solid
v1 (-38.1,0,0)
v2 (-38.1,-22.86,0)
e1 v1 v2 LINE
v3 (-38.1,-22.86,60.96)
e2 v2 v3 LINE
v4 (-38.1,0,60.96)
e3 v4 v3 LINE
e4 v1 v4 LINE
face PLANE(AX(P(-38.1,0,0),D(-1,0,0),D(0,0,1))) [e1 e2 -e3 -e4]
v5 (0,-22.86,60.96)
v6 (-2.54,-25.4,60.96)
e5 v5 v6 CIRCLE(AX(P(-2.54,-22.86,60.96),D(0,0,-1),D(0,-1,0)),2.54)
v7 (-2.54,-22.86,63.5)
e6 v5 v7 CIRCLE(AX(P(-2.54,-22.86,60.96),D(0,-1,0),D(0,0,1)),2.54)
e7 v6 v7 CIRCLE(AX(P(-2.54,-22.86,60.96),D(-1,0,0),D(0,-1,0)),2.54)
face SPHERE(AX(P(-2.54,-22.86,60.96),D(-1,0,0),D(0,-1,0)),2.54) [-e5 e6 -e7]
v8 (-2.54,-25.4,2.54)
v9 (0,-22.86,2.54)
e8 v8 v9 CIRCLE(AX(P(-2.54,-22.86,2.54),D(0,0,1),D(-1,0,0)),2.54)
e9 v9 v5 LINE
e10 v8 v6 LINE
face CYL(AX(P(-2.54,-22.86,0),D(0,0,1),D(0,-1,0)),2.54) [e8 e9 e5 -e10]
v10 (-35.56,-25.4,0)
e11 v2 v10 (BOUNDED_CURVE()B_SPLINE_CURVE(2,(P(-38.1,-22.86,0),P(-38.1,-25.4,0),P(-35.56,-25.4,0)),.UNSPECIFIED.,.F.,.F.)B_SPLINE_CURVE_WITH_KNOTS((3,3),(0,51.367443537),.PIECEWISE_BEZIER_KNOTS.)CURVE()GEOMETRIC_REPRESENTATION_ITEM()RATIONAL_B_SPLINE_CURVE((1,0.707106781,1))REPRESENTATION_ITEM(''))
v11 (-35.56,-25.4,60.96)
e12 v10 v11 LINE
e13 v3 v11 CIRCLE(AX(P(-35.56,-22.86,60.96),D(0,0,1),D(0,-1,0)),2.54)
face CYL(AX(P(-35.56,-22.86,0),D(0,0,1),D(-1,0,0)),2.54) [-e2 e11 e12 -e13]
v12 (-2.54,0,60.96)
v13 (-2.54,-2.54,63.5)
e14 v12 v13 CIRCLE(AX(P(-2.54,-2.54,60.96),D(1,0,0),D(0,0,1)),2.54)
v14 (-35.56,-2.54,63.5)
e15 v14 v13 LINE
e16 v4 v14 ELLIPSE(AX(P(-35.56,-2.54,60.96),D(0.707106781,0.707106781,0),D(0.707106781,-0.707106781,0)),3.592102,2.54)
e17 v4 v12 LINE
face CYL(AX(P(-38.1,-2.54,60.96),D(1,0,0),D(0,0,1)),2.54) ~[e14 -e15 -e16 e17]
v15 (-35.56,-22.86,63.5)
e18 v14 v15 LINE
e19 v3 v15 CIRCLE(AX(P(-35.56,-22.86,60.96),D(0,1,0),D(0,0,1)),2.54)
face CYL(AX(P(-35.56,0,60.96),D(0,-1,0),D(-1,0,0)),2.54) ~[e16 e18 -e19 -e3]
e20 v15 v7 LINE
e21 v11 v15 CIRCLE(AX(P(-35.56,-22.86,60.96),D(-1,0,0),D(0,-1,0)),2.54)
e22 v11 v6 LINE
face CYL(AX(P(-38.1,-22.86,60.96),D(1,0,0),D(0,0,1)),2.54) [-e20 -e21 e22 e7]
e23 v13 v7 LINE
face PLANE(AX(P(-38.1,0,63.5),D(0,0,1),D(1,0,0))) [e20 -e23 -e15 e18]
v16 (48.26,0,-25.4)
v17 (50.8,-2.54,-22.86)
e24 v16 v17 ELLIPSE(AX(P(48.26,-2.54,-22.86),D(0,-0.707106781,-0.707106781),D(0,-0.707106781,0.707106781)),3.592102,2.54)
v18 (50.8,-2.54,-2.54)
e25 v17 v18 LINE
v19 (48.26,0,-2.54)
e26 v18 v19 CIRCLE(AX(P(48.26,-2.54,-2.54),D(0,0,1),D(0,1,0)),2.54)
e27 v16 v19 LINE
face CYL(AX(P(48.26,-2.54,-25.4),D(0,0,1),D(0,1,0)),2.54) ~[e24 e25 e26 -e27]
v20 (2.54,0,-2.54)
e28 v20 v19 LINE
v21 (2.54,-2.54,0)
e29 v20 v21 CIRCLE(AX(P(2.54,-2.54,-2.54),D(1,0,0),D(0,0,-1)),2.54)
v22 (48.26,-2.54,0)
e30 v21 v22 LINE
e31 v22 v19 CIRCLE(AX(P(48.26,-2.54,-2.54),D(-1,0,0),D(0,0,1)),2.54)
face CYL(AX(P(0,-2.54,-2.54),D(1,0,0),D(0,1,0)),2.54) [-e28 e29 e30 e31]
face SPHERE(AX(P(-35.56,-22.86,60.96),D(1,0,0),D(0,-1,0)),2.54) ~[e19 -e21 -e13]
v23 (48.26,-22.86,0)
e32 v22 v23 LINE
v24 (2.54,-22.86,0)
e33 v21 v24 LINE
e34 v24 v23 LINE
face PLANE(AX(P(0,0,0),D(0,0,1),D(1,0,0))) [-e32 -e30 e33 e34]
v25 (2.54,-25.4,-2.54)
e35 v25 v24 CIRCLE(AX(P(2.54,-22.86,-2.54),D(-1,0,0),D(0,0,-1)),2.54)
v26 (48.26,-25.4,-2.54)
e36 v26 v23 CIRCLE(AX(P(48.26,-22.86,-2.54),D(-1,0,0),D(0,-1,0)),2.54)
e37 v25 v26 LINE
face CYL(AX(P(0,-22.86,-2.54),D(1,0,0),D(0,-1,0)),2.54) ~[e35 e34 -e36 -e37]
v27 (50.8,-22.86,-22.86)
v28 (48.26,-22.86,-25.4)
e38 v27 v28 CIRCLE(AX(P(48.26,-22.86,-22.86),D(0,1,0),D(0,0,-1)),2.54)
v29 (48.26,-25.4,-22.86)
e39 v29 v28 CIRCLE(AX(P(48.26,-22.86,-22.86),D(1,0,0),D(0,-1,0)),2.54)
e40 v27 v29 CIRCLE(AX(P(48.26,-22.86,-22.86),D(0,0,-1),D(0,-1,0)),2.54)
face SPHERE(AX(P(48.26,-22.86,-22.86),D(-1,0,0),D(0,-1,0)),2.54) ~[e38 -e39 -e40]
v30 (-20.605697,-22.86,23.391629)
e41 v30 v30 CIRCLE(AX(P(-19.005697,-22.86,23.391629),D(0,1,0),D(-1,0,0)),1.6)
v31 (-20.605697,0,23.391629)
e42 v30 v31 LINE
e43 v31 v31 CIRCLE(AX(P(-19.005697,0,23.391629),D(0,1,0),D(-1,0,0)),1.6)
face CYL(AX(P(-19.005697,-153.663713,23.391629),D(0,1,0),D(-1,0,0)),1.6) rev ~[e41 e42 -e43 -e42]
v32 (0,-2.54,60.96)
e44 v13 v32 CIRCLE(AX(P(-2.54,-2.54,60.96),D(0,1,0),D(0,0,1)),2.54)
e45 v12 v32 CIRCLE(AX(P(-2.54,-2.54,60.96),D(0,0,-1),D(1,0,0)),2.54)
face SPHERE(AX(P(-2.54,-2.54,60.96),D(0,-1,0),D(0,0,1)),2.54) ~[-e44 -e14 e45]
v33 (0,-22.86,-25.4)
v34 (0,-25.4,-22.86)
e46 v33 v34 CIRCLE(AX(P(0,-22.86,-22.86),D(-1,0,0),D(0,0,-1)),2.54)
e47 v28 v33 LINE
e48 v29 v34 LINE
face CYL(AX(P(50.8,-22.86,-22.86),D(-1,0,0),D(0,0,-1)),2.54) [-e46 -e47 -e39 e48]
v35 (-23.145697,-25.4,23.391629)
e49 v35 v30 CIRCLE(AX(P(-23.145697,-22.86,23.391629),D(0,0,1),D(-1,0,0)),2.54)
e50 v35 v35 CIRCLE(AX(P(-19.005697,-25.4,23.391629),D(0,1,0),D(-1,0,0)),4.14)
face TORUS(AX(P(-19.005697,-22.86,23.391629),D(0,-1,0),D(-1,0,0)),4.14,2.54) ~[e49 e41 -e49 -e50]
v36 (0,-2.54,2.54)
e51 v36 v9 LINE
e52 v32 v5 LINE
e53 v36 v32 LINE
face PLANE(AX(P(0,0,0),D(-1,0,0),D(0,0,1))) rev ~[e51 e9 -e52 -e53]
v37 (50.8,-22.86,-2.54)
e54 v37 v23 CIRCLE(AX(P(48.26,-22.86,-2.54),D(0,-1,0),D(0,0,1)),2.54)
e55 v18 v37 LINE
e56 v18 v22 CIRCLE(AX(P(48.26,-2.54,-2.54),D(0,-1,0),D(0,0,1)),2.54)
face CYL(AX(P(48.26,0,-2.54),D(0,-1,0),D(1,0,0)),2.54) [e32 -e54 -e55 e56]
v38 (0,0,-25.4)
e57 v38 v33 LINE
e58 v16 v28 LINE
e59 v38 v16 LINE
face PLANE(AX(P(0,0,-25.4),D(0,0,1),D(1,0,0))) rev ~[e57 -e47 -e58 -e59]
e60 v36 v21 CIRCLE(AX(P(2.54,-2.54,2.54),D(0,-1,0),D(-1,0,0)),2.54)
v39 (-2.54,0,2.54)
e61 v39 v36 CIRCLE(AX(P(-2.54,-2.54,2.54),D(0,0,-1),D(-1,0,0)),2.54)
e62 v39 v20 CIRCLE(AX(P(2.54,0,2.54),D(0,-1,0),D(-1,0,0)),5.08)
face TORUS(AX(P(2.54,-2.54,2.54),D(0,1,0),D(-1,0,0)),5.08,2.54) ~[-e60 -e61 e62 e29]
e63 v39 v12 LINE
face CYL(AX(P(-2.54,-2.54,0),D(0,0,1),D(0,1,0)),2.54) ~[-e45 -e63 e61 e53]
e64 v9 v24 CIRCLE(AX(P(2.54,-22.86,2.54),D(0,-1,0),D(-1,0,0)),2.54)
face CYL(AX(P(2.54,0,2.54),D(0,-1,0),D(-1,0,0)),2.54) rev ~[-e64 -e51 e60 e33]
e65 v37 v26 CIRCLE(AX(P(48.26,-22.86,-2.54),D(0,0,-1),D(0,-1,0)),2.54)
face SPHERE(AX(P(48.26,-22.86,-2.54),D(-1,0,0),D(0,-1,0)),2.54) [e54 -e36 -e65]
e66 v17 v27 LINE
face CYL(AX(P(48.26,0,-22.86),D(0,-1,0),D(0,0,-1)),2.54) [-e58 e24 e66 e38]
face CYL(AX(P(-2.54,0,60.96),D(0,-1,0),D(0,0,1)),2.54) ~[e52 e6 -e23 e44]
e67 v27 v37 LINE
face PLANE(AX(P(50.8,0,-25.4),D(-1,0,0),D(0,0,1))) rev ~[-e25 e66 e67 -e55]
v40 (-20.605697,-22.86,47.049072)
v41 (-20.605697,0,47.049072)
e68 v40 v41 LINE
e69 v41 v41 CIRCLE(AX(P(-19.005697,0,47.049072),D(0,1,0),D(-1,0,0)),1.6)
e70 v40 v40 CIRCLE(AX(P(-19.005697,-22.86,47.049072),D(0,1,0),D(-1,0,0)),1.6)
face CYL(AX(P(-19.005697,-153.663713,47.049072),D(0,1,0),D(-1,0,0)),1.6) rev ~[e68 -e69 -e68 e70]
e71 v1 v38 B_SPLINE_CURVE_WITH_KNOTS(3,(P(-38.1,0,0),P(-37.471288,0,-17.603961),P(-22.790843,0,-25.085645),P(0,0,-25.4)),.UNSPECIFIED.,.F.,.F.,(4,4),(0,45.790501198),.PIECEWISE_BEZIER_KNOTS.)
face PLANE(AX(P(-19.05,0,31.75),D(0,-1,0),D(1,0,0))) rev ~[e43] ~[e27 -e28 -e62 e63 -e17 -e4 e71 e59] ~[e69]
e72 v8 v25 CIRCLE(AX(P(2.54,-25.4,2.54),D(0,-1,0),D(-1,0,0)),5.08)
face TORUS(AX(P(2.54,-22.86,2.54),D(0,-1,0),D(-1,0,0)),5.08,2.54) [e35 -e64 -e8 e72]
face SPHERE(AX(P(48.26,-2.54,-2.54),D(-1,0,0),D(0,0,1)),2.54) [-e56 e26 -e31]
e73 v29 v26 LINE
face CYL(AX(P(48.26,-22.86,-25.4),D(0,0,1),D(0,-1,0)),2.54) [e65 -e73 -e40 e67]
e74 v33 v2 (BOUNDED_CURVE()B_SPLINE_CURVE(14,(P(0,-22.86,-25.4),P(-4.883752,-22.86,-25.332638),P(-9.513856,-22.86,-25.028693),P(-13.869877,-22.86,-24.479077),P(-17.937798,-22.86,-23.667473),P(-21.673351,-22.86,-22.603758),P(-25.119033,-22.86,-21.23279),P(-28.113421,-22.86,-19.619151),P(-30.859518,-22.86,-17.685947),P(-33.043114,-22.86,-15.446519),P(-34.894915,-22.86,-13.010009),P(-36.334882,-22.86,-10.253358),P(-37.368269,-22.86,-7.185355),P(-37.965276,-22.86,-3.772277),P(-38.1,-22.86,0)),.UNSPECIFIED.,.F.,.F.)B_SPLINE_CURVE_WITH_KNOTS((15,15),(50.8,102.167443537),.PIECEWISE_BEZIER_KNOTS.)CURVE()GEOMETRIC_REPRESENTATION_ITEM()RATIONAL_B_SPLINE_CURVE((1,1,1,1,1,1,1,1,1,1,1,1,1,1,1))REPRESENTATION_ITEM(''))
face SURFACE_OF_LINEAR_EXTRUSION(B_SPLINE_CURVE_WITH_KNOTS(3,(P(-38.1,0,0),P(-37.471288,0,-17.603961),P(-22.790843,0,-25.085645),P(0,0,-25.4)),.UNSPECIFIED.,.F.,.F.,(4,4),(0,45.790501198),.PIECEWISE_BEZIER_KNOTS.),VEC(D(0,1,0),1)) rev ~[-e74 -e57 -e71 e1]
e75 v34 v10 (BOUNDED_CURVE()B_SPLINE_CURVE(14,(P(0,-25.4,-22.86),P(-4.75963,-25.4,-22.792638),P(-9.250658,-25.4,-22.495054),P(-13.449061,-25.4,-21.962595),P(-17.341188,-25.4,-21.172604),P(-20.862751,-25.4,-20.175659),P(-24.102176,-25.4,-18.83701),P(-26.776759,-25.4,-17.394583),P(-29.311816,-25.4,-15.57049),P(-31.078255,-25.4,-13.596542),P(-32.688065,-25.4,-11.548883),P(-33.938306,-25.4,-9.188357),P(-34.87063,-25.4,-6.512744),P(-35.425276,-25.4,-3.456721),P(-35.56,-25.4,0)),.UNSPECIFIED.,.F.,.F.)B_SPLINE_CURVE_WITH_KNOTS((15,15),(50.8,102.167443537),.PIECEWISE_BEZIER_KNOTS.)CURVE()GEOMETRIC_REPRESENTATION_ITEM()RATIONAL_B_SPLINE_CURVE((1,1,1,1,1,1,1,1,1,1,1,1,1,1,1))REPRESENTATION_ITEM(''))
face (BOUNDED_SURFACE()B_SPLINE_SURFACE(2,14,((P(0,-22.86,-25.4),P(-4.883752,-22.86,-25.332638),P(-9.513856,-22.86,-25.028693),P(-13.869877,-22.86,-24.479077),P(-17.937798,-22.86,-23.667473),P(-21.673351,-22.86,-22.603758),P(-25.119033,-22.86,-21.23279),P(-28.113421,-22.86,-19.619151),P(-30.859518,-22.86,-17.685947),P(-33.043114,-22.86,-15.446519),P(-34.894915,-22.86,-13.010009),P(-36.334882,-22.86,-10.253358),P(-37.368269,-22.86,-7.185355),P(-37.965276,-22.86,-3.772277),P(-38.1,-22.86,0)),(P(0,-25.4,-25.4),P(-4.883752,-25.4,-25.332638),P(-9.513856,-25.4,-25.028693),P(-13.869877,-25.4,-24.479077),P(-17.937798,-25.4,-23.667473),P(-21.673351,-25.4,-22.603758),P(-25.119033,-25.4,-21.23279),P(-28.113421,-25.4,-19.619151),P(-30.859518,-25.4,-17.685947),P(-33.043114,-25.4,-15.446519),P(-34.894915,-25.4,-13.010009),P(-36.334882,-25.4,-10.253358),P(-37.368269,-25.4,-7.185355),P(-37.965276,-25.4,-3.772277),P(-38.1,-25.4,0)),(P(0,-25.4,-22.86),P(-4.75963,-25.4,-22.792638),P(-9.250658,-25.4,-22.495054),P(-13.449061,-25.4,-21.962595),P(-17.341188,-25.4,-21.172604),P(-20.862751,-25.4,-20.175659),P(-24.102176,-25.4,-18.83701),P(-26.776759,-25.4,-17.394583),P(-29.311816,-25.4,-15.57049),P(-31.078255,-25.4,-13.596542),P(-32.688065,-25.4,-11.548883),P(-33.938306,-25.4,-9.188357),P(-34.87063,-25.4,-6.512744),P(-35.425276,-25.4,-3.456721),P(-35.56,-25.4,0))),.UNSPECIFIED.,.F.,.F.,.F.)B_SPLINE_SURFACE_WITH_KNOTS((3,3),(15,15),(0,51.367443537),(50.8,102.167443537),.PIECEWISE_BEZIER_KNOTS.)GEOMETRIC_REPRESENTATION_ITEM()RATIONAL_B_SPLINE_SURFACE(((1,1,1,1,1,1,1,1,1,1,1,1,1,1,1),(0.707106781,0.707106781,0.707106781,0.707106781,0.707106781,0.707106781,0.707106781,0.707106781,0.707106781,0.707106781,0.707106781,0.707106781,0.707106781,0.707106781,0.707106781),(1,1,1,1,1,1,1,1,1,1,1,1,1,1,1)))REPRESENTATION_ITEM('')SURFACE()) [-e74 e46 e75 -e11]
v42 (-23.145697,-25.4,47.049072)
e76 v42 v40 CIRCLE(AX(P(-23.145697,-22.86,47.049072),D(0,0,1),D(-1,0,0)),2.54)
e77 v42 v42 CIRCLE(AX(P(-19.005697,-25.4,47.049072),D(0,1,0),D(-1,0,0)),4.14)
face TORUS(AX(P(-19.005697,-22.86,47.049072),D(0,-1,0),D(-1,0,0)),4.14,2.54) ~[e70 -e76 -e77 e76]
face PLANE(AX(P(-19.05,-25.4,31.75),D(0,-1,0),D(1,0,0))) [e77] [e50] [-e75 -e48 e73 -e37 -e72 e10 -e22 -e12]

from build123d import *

# Parameters (mm, degrees)
F0_W     = 38.1
F0_H     = 63.5
F0_W_2   = 50.8
F0_H_2   = 25.4
F1_DEPTH = 25.4
F3_D     = 3.2
F4_R     = 2.54


with BuildPart() as f1:
    # F0 (on Front) → F1 (new body)
    with BuildSketch(Plane.XZ):
        with Locations((-19.05, 31.75)):
            Rectangle(F0_W, F0_H)
        with BuildLine():
            Line((0, 0), (-38.1, 0))
            add(Edge.make_bspline(
                [(-38.1, 0), (-37.4712883283, -17.6039609522), (-22.7908427074, -25.0856452655), (0, -25.4)],
                knots=[0, 0, 0, 0, 45.7905011984, 45.7905011984, 45.7905011984, 45.7905011984], degree=3))
            Line((0, -25.4), (0, 0))
        make_face()
        with Locations((25.4, -12.7)):
            Rectangle(F0_W_2, F0_H_2)
    extrude(amount=F1_DEPTH)

    # F3 (through all)
    with Locations(Plane.XZ.offset(25.4)):
        with Locations((-19.0056972206, 47.0490716398), (-19.0056972206, 23.3916286379)):
            Hole(F3_D / 2)

    # F4
    f4_edges = [f1.edges().sort_by_distance(p)[0] for p in [
        (-19.05, -25.4, 63.5),
        (0, -25.4, 31.75),
        (-38.1, -25.4, 31.75),
        (25.4, -25.4, 0),
        (-25.00043, -25.4, -20.504125),
        (50.8, -25.4, -12.7),
        (25.4, -25.4, -25.4),
        (-20.605697, -25.4, 23.391629),
        (-20.605697, -25.4, 47.049072),
        (0, -12.7, 63.5),
        (-38.1, -12.7, 63.5),
        (-19.05, 0, 63.5),
        (0, -12.7, 0),
        (0, 0, 31.75),
        (25.4, 0, 0),
        (50.8, -12.7, -25.4),
        (50.8, -12.7, 0),
        (50.8, 0, -12.7),
    ]]
    fillet(f4_edges, radius=F4_R)


solid = f1.part
